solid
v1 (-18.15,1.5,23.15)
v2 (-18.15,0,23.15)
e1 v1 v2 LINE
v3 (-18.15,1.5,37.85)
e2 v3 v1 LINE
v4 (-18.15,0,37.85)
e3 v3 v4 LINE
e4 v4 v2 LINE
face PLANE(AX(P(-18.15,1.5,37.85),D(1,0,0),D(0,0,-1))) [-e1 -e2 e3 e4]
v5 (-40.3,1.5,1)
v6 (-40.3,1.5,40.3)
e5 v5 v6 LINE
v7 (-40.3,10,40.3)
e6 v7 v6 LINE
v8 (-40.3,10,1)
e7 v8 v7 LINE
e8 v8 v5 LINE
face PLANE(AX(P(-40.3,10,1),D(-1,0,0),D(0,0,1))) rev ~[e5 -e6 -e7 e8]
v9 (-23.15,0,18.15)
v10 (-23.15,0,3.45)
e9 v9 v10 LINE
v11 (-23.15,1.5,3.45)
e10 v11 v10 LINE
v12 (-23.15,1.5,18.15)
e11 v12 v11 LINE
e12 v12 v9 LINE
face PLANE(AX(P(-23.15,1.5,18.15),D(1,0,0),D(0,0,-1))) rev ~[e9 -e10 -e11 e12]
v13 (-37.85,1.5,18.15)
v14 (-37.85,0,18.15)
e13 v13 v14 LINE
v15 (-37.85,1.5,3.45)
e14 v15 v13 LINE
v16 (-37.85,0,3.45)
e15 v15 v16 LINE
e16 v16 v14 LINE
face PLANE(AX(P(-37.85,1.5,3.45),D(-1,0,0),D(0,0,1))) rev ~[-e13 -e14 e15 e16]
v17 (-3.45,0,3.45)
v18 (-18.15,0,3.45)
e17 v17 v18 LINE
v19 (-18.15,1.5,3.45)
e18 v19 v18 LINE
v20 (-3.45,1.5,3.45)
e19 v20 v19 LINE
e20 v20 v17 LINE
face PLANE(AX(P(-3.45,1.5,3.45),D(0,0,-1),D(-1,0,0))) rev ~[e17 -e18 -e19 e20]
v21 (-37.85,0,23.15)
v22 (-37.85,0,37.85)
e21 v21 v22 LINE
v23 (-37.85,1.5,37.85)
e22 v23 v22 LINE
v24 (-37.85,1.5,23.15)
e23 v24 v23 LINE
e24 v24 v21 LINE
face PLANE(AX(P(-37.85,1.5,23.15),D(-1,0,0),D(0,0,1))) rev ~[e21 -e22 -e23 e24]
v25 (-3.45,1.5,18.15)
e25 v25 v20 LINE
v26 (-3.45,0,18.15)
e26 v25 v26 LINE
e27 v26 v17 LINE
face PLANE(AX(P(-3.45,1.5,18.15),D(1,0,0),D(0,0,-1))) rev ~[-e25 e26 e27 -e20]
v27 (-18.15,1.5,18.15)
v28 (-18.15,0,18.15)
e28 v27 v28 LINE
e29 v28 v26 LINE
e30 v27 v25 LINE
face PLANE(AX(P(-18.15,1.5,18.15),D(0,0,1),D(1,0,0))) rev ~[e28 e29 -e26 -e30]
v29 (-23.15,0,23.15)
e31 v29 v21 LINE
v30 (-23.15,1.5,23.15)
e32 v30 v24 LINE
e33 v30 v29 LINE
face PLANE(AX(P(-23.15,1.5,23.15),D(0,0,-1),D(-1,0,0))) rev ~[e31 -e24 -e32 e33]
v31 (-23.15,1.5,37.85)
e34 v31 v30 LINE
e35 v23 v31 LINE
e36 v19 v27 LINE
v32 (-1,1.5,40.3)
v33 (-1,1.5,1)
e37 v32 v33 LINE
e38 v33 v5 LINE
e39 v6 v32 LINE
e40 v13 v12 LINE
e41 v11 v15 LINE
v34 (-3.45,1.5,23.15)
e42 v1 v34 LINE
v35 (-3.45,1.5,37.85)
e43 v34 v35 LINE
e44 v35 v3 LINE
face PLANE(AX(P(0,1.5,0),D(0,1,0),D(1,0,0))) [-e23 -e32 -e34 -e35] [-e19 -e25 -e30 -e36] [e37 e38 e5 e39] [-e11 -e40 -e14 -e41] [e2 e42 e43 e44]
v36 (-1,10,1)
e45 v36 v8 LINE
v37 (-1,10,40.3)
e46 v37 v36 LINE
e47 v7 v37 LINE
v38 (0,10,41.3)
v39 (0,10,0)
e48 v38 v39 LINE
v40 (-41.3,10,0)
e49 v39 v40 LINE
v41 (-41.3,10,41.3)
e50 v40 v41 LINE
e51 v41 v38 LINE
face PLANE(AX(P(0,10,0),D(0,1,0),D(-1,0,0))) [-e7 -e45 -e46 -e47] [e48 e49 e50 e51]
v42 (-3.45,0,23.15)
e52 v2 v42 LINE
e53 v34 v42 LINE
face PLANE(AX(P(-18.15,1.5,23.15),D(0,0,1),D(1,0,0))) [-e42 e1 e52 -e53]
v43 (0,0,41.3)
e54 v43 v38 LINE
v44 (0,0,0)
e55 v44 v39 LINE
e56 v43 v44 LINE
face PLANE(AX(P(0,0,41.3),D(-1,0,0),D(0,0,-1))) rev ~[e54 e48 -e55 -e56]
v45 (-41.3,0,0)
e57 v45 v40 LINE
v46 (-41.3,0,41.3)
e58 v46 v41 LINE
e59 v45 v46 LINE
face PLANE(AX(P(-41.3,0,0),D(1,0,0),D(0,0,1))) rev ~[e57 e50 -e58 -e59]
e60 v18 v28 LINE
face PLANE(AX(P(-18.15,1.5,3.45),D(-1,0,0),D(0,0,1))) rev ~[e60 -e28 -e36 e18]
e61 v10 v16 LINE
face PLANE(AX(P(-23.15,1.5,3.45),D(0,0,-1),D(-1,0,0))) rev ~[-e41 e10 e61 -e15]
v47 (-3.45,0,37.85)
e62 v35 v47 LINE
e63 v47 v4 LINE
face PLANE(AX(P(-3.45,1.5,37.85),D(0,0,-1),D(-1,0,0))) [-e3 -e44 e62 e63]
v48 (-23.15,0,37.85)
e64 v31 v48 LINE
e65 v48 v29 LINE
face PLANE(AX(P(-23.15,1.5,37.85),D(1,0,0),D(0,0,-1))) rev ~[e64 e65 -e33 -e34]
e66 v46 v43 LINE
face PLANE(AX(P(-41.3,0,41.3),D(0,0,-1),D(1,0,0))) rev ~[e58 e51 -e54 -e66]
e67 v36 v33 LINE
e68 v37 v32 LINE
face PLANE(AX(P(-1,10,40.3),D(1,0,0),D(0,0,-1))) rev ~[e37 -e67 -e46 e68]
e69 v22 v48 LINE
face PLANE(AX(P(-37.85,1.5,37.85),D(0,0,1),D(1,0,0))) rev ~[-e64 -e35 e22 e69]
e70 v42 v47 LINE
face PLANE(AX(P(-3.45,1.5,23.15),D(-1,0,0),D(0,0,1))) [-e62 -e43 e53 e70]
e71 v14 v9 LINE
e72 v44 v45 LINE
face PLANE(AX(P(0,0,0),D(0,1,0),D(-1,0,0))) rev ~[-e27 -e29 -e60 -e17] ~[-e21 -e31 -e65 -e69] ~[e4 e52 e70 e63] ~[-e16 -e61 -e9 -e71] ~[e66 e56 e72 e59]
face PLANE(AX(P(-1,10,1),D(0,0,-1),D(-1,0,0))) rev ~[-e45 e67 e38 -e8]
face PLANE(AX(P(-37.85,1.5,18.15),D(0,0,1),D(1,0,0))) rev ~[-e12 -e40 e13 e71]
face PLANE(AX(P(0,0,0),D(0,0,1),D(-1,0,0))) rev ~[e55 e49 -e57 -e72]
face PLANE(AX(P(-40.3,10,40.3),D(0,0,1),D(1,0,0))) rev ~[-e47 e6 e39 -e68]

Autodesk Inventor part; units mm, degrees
ref_plane "YZ Plane" through (0, 0, 0) normal (1, 0, 0) x (0, 1, 0)
ref_plane "XZ Plane" through (0, 0, 0) normal (0, 1, 0) x (-1, 0, 0)
ref_plane "XY Plane" through (0, 0, 0) normal (0, 0, 1) x (1, 0, 0)
sketch "Sketch1" plane through (0, 0, 0) normal (0, 1, 0) x (-1, 0, 0)
  line L0 (0, 0) -> (41.3, 0)
  line L1 (41.3, 0) -> (41.3, 41.3)
  line L2 (41.3, 41.3) -> (0, 41.3)
  line L3 (0, 41.3) -> (0, 0)
  dimension "d0" = 41.3
  dimension "d1" = 41.3
extrude "Extrusion1" add sketch "Sketch1" along normal blind 10
sketch "Sketch8" plane through (0, 10, 0) normal (0, 1, 0) x (1, 0, 0)
  line L0 (-1, -1) -> (-40.3, -1)
  line L1 (-40.3, -1) -> (-40.3, -40.3)
  line L2 (-40.3, -40.3) -> (-1, -40.3)
  line L3 (-1, -40.3) -> (-1, -1)
  line L4 (0, 0) -> (-41.3, 0) projected
  line L5 (0, -41.3) -> (0, 0) projected
  dimension "d61" = 39.3
  dimension "d62" = 39.3
  dimension "d63" = 1
  dimension "d64" = 1
extrude "Extrusion7" cut sketch "Sketch8" against normal blind 8.5
sketch "Sketch9" plane through (0, 1.5, 0) normal (0, 1, 0) x (1, 0, 0)
  line L0 (-3.45, -3.45) -> (-18.15, -3.45)
  line L1 (-18.15, -3.45) -> (-18.15, -18.15)
  line L2 (-18.15, -18.15) -> (-3.45, -18.15)
  line L3 (-3.45, -18.15) -> (-3.45, -3.45)
  line L4 (-1, -1) -> (-1, -40.3) projected
  line L5 (-40.3, -1) -> (-1, -1) projected
  line L6 (-23.15, -3.45) -> (-37.85, -3.45)
  line L7 (-37.85, -3.45) -> (-37.85, -18.15)
  line L8 (-37.85, -18.15) -> (-23.15, -18.15)
  line L9 (-23.15, -18.15) -> (-23.15, -3.45)
  line L10 (-23.15, -23.15) -> (-37.85, -23.15)
  line L11 (-37.85, -23.15) -> (-37.85, -37.85)
  line L12 (-37.85, -37.85) -> (-23.15, -37.85)
  line L13 (-23.15, -37.85) -> (-23.15, -23.15)
  line L14 (-40.3, -40.3) -> (-40.3, -1) projected
  line L15 (-18.15, -23.15) -> (-3.45, -23.15)
  line L16 (-3.45, -23.15) -> (-3.45, -37.85)
  line L17 (-3.45, -37.85) -> (-18.15, -37.85)
  line L18 (-18.15, -37.85) -> (-18.15, -23.15)
  point P0 (0, 0)
  dimension "d67" = 14.7
  dimension "d68" = 14.7
  dimension "d69" = 2.45
  dimension "d70" = 2.45
  dimension "d71" = 14.7
  dimension "d72" = 14.7
  dimension "d73" = 5
  dimension "d74" = 14.7
  dimension "d75" = 14.7
  dimension "d76" = 5
  dimension "d77" = 2.45
  dimension "d78" = 14.7
  dimension "d79" = 14.7
  dimension "d80" = 5
  dimension "d81" = 5
extrude "Extrusion8" cut sketch "Sketch9" against normal blind 8.5
properties part number "test plate"
